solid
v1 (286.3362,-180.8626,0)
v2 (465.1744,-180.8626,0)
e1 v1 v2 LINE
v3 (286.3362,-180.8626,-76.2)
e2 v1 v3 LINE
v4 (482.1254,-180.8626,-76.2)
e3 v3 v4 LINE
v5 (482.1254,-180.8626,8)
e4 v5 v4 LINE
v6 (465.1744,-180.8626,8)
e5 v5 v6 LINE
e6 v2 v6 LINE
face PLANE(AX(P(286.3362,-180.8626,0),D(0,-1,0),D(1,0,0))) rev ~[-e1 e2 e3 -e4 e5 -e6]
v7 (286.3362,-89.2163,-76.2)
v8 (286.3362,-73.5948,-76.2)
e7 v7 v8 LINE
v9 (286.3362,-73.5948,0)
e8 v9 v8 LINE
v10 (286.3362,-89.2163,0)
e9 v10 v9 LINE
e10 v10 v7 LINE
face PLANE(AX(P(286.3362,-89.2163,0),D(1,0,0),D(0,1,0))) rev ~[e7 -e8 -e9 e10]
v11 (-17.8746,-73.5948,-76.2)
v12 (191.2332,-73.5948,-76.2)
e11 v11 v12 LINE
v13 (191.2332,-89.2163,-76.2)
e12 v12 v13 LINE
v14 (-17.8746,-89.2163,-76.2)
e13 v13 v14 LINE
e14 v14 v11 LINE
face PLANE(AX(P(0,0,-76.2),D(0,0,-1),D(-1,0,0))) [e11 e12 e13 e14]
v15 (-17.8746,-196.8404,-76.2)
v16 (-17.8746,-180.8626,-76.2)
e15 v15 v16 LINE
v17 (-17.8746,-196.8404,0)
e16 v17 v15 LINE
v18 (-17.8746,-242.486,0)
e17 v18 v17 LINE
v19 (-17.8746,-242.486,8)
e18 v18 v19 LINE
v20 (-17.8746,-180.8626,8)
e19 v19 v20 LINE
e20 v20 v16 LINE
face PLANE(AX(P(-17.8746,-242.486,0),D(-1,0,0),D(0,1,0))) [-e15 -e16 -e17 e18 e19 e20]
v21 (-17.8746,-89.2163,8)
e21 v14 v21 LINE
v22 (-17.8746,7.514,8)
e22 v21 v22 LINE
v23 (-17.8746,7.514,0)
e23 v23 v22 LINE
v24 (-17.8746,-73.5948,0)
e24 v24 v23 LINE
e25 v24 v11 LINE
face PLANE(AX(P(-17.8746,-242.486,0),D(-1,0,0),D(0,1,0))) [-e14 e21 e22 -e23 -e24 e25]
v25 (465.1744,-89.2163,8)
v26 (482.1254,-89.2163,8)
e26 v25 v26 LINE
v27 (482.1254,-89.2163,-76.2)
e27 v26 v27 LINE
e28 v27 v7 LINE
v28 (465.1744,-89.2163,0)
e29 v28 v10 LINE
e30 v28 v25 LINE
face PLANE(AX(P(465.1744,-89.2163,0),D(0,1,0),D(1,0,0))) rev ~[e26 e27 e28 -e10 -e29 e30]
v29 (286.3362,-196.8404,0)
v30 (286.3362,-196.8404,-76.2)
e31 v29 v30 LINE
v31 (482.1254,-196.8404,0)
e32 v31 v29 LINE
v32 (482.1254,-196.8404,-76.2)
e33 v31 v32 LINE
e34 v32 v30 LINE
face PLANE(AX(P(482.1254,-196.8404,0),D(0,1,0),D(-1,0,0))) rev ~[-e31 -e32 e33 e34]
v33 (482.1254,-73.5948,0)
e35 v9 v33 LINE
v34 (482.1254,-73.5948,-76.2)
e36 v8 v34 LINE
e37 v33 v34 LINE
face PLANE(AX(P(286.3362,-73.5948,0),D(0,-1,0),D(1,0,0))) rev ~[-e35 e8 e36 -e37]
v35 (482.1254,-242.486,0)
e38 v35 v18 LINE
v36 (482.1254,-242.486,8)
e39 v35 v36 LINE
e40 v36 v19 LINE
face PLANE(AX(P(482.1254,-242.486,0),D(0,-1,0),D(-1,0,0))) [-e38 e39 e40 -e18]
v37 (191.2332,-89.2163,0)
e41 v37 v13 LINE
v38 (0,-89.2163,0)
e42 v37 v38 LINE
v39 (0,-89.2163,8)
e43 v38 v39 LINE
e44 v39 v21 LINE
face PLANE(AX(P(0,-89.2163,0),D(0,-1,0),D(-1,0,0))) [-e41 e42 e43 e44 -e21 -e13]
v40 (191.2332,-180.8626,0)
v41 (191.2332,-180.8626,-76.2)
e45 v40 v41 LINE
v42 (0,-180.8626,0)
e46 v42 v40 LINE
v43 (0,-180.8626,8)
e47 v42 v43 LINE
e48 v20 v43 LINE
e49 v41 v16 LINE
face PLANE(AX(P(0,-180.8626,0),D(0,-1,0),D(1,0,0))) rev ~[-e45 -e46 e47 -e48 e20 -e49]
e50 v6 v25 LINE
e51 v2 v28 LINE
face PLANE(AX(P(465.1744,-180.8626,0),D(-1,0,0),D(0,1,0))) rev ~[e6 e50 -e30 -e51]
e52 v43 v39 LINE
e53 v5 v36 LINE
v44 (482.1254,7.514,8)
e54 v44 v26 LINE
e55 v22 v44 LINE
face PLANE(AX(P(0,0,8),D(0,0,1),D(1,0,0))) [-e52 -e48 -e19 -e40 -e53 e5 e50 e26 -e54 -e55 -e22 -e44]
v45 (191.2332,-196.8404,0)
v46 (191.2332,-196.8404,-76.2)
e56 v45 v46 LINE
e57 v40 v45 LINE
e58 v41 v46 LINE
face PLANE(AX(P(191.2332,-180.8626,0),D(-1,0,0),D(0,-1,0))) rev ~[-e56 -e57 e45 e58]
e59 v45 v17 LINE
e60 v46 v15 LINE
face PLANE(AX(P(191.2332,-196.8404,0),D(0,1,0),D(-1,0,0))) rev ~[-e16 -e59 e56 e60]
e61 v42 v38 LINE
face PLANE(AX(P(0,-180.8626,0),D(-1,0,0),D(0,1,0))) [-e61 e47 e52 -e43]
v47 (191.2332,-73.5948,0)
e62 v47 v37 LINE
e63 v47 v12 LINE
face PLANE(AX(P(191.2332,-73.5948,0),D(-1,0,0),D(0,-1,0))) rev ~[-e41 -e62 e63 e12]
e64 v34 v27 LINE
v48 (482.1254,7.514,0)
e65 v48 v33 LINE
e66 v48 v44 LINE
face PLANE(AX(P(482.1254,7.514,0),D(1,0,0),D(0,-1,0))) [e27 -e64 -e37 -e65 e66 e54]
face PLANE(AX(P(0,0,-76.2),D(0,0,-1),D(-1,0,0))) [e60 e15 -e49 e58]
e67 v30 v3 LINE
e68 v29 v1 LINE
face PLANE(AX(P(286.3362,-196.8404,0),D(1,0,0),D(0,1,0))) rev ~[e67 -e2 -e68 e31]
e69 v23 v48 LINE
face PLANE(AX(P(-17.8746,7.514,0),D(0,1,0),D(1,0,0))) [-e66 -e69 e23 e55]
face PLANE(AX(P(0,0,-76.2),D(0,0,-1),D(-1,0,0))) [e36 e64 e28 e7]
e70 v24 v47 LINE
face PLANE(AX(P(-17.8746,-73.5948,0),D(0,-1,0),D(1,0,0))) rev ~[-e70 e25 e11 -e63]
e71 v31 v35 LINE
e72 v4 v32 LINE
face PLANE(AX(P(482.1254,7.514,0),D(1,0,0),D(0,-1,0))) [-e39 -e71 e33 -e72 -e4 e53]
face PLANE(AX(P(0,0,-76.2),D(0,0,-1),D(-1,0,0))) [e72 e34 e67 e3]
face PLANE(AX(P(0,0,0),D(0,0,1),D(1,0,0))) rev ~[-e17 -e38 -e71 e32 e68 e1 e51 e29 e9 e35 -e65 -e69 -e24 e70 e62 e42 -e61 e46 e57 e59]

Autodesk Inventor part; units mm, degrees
ref_plane "YZ Plane" through (0, 0, 0) normal (1, 0, 0) x (0, 1, 0)
ref_plane "XZ Plane" through (0, 0, 0) normal (0, 1, 0) x (-1, 0, 0)
ref_plane "XY Plane" through (0, 0, 0) normal (0, 0, 1) x (1, 0, 0)
sketch "Sketch1" plane through (0, 0, 0) normal (0, 0, 1) x (1, 0, 0)
  line L0 (-17.8746, 7.514) -> (482.1254, 7.514)
  line L1 (482.1254, 7.514) -> (482.1254, -242.486)
  line L2 (482.1254, -242.486) -> (-17.8746, -242.486)
  line L3 (-17.8746, -242.486) -> (-17.8746, 7.514)
  point P0 (0, 0)
  dimension "d0" = 500
  dimension "d1" = 250
extrude "Extrusion1" add sketch "Sketch1" along normal blind 8
sketch "Sketch2" plane through (0, 0, 0) normal (0, 0, -1) x (-1, 0, 0)
  point P0 (0, 0)
sketch "Sketch3" plane through (0, 0, 0) normal (0, 0, -1) x (-1, 0, 0)
  line L0 (17.8746, 7.514) -> (17.8746, -242.486) projected
  line L1 (0, -89.2163) -> (17.8746, -89.2163)
  line L2 (17.8746, -89.2163) -> (17.8746, -180.8626)
  line L3 (17.8746, -180.8626) -> (0, -180.8626)
  line L4 (0, -180.8626) -> (0, -89.2163)
  line L5 (-482.1254, -242.486) -> (-482.1254, 7.514) projected
  line L6 (-465.1744, -89.2163) -> (-482.1254, -89.2163)
  line L7 (-482.1254, -89.2163) -> (-482.1254, -180.8626)
  line L8 (-482.1254, -180.8626) -> (-465.1744, -180.8626)
  line L9 (-465.1744, -180.8626) -> (-465.1744, -89.2163)
  point P0 (0, 0)
extrude "Extrusion2" cut sketch "Sketch3" against normal blind 8
sketch "Sketch4" plane through (0, 0, 0) normal (0, 0, -1) x (-1, 0, 0)
  line L0 (17.8746, -89.2163) -> (17.8746, 7.514) projected
  line L1 (17.8746, -73.5948) -> (-191.2332, -73.5948)
  line L2 (-191.2332, -73.5948) -> (-191.2332, -89.2163)
  line L3 (-191.2332, -89.2163) -> (17.8746, -89.2163)
  line L4 (17.8746, -89.2163) -> (17.8746, -73.5948)
  line L5 (17.8746, -180.8626) -> (0, -180.8626) projected
  line L6 (17.8746, -180.8626) -> (-191.2332, -180.8626)
  line L7 (-191.2332, -180.8626) -> (-191.2332, -196.8404)
  line L8 (-191.2332, -196.8404) -> (17.8746, -196.8404)
  line L9 (17.8746, -196.8404) -> (17.8746, -180.8626)
  line L10 (-482.1254, 7.514) -> (-482.1254, -89.2163) projected
  line L11 (-482.1254, -89.2163) -> (-286.3362, -89.2163)
  line L12 (-286.3362, -89.2163) -> (-286.3362, -73.5948)
  line L13 (-286.3362, -73.5948) -> (-482.1254, -73.5948)
  line L14 (-482.1254, -73.5948) -> (-482.1254, -89.2163)
  line L15 (-482.1254, -180.8626) -> (-482.1254, -242.486) projected
  line L16 (-286.3362, -180.8626) -> (-482.1254, -180.8626)
  line L17 (-482.1254, -180.8626) -> (-482.1254, -196.8404)
  line L18 (-482.1254, -196.8404) -> (-286.3362, -196.8404)
  line L19 (-286.3362, -196.8404) -> (-286.3362, -180.8626)
  point P0 (0, 0)
extrude "Extrusion3" add sketch "Sketch4" along normal blind 76.2
